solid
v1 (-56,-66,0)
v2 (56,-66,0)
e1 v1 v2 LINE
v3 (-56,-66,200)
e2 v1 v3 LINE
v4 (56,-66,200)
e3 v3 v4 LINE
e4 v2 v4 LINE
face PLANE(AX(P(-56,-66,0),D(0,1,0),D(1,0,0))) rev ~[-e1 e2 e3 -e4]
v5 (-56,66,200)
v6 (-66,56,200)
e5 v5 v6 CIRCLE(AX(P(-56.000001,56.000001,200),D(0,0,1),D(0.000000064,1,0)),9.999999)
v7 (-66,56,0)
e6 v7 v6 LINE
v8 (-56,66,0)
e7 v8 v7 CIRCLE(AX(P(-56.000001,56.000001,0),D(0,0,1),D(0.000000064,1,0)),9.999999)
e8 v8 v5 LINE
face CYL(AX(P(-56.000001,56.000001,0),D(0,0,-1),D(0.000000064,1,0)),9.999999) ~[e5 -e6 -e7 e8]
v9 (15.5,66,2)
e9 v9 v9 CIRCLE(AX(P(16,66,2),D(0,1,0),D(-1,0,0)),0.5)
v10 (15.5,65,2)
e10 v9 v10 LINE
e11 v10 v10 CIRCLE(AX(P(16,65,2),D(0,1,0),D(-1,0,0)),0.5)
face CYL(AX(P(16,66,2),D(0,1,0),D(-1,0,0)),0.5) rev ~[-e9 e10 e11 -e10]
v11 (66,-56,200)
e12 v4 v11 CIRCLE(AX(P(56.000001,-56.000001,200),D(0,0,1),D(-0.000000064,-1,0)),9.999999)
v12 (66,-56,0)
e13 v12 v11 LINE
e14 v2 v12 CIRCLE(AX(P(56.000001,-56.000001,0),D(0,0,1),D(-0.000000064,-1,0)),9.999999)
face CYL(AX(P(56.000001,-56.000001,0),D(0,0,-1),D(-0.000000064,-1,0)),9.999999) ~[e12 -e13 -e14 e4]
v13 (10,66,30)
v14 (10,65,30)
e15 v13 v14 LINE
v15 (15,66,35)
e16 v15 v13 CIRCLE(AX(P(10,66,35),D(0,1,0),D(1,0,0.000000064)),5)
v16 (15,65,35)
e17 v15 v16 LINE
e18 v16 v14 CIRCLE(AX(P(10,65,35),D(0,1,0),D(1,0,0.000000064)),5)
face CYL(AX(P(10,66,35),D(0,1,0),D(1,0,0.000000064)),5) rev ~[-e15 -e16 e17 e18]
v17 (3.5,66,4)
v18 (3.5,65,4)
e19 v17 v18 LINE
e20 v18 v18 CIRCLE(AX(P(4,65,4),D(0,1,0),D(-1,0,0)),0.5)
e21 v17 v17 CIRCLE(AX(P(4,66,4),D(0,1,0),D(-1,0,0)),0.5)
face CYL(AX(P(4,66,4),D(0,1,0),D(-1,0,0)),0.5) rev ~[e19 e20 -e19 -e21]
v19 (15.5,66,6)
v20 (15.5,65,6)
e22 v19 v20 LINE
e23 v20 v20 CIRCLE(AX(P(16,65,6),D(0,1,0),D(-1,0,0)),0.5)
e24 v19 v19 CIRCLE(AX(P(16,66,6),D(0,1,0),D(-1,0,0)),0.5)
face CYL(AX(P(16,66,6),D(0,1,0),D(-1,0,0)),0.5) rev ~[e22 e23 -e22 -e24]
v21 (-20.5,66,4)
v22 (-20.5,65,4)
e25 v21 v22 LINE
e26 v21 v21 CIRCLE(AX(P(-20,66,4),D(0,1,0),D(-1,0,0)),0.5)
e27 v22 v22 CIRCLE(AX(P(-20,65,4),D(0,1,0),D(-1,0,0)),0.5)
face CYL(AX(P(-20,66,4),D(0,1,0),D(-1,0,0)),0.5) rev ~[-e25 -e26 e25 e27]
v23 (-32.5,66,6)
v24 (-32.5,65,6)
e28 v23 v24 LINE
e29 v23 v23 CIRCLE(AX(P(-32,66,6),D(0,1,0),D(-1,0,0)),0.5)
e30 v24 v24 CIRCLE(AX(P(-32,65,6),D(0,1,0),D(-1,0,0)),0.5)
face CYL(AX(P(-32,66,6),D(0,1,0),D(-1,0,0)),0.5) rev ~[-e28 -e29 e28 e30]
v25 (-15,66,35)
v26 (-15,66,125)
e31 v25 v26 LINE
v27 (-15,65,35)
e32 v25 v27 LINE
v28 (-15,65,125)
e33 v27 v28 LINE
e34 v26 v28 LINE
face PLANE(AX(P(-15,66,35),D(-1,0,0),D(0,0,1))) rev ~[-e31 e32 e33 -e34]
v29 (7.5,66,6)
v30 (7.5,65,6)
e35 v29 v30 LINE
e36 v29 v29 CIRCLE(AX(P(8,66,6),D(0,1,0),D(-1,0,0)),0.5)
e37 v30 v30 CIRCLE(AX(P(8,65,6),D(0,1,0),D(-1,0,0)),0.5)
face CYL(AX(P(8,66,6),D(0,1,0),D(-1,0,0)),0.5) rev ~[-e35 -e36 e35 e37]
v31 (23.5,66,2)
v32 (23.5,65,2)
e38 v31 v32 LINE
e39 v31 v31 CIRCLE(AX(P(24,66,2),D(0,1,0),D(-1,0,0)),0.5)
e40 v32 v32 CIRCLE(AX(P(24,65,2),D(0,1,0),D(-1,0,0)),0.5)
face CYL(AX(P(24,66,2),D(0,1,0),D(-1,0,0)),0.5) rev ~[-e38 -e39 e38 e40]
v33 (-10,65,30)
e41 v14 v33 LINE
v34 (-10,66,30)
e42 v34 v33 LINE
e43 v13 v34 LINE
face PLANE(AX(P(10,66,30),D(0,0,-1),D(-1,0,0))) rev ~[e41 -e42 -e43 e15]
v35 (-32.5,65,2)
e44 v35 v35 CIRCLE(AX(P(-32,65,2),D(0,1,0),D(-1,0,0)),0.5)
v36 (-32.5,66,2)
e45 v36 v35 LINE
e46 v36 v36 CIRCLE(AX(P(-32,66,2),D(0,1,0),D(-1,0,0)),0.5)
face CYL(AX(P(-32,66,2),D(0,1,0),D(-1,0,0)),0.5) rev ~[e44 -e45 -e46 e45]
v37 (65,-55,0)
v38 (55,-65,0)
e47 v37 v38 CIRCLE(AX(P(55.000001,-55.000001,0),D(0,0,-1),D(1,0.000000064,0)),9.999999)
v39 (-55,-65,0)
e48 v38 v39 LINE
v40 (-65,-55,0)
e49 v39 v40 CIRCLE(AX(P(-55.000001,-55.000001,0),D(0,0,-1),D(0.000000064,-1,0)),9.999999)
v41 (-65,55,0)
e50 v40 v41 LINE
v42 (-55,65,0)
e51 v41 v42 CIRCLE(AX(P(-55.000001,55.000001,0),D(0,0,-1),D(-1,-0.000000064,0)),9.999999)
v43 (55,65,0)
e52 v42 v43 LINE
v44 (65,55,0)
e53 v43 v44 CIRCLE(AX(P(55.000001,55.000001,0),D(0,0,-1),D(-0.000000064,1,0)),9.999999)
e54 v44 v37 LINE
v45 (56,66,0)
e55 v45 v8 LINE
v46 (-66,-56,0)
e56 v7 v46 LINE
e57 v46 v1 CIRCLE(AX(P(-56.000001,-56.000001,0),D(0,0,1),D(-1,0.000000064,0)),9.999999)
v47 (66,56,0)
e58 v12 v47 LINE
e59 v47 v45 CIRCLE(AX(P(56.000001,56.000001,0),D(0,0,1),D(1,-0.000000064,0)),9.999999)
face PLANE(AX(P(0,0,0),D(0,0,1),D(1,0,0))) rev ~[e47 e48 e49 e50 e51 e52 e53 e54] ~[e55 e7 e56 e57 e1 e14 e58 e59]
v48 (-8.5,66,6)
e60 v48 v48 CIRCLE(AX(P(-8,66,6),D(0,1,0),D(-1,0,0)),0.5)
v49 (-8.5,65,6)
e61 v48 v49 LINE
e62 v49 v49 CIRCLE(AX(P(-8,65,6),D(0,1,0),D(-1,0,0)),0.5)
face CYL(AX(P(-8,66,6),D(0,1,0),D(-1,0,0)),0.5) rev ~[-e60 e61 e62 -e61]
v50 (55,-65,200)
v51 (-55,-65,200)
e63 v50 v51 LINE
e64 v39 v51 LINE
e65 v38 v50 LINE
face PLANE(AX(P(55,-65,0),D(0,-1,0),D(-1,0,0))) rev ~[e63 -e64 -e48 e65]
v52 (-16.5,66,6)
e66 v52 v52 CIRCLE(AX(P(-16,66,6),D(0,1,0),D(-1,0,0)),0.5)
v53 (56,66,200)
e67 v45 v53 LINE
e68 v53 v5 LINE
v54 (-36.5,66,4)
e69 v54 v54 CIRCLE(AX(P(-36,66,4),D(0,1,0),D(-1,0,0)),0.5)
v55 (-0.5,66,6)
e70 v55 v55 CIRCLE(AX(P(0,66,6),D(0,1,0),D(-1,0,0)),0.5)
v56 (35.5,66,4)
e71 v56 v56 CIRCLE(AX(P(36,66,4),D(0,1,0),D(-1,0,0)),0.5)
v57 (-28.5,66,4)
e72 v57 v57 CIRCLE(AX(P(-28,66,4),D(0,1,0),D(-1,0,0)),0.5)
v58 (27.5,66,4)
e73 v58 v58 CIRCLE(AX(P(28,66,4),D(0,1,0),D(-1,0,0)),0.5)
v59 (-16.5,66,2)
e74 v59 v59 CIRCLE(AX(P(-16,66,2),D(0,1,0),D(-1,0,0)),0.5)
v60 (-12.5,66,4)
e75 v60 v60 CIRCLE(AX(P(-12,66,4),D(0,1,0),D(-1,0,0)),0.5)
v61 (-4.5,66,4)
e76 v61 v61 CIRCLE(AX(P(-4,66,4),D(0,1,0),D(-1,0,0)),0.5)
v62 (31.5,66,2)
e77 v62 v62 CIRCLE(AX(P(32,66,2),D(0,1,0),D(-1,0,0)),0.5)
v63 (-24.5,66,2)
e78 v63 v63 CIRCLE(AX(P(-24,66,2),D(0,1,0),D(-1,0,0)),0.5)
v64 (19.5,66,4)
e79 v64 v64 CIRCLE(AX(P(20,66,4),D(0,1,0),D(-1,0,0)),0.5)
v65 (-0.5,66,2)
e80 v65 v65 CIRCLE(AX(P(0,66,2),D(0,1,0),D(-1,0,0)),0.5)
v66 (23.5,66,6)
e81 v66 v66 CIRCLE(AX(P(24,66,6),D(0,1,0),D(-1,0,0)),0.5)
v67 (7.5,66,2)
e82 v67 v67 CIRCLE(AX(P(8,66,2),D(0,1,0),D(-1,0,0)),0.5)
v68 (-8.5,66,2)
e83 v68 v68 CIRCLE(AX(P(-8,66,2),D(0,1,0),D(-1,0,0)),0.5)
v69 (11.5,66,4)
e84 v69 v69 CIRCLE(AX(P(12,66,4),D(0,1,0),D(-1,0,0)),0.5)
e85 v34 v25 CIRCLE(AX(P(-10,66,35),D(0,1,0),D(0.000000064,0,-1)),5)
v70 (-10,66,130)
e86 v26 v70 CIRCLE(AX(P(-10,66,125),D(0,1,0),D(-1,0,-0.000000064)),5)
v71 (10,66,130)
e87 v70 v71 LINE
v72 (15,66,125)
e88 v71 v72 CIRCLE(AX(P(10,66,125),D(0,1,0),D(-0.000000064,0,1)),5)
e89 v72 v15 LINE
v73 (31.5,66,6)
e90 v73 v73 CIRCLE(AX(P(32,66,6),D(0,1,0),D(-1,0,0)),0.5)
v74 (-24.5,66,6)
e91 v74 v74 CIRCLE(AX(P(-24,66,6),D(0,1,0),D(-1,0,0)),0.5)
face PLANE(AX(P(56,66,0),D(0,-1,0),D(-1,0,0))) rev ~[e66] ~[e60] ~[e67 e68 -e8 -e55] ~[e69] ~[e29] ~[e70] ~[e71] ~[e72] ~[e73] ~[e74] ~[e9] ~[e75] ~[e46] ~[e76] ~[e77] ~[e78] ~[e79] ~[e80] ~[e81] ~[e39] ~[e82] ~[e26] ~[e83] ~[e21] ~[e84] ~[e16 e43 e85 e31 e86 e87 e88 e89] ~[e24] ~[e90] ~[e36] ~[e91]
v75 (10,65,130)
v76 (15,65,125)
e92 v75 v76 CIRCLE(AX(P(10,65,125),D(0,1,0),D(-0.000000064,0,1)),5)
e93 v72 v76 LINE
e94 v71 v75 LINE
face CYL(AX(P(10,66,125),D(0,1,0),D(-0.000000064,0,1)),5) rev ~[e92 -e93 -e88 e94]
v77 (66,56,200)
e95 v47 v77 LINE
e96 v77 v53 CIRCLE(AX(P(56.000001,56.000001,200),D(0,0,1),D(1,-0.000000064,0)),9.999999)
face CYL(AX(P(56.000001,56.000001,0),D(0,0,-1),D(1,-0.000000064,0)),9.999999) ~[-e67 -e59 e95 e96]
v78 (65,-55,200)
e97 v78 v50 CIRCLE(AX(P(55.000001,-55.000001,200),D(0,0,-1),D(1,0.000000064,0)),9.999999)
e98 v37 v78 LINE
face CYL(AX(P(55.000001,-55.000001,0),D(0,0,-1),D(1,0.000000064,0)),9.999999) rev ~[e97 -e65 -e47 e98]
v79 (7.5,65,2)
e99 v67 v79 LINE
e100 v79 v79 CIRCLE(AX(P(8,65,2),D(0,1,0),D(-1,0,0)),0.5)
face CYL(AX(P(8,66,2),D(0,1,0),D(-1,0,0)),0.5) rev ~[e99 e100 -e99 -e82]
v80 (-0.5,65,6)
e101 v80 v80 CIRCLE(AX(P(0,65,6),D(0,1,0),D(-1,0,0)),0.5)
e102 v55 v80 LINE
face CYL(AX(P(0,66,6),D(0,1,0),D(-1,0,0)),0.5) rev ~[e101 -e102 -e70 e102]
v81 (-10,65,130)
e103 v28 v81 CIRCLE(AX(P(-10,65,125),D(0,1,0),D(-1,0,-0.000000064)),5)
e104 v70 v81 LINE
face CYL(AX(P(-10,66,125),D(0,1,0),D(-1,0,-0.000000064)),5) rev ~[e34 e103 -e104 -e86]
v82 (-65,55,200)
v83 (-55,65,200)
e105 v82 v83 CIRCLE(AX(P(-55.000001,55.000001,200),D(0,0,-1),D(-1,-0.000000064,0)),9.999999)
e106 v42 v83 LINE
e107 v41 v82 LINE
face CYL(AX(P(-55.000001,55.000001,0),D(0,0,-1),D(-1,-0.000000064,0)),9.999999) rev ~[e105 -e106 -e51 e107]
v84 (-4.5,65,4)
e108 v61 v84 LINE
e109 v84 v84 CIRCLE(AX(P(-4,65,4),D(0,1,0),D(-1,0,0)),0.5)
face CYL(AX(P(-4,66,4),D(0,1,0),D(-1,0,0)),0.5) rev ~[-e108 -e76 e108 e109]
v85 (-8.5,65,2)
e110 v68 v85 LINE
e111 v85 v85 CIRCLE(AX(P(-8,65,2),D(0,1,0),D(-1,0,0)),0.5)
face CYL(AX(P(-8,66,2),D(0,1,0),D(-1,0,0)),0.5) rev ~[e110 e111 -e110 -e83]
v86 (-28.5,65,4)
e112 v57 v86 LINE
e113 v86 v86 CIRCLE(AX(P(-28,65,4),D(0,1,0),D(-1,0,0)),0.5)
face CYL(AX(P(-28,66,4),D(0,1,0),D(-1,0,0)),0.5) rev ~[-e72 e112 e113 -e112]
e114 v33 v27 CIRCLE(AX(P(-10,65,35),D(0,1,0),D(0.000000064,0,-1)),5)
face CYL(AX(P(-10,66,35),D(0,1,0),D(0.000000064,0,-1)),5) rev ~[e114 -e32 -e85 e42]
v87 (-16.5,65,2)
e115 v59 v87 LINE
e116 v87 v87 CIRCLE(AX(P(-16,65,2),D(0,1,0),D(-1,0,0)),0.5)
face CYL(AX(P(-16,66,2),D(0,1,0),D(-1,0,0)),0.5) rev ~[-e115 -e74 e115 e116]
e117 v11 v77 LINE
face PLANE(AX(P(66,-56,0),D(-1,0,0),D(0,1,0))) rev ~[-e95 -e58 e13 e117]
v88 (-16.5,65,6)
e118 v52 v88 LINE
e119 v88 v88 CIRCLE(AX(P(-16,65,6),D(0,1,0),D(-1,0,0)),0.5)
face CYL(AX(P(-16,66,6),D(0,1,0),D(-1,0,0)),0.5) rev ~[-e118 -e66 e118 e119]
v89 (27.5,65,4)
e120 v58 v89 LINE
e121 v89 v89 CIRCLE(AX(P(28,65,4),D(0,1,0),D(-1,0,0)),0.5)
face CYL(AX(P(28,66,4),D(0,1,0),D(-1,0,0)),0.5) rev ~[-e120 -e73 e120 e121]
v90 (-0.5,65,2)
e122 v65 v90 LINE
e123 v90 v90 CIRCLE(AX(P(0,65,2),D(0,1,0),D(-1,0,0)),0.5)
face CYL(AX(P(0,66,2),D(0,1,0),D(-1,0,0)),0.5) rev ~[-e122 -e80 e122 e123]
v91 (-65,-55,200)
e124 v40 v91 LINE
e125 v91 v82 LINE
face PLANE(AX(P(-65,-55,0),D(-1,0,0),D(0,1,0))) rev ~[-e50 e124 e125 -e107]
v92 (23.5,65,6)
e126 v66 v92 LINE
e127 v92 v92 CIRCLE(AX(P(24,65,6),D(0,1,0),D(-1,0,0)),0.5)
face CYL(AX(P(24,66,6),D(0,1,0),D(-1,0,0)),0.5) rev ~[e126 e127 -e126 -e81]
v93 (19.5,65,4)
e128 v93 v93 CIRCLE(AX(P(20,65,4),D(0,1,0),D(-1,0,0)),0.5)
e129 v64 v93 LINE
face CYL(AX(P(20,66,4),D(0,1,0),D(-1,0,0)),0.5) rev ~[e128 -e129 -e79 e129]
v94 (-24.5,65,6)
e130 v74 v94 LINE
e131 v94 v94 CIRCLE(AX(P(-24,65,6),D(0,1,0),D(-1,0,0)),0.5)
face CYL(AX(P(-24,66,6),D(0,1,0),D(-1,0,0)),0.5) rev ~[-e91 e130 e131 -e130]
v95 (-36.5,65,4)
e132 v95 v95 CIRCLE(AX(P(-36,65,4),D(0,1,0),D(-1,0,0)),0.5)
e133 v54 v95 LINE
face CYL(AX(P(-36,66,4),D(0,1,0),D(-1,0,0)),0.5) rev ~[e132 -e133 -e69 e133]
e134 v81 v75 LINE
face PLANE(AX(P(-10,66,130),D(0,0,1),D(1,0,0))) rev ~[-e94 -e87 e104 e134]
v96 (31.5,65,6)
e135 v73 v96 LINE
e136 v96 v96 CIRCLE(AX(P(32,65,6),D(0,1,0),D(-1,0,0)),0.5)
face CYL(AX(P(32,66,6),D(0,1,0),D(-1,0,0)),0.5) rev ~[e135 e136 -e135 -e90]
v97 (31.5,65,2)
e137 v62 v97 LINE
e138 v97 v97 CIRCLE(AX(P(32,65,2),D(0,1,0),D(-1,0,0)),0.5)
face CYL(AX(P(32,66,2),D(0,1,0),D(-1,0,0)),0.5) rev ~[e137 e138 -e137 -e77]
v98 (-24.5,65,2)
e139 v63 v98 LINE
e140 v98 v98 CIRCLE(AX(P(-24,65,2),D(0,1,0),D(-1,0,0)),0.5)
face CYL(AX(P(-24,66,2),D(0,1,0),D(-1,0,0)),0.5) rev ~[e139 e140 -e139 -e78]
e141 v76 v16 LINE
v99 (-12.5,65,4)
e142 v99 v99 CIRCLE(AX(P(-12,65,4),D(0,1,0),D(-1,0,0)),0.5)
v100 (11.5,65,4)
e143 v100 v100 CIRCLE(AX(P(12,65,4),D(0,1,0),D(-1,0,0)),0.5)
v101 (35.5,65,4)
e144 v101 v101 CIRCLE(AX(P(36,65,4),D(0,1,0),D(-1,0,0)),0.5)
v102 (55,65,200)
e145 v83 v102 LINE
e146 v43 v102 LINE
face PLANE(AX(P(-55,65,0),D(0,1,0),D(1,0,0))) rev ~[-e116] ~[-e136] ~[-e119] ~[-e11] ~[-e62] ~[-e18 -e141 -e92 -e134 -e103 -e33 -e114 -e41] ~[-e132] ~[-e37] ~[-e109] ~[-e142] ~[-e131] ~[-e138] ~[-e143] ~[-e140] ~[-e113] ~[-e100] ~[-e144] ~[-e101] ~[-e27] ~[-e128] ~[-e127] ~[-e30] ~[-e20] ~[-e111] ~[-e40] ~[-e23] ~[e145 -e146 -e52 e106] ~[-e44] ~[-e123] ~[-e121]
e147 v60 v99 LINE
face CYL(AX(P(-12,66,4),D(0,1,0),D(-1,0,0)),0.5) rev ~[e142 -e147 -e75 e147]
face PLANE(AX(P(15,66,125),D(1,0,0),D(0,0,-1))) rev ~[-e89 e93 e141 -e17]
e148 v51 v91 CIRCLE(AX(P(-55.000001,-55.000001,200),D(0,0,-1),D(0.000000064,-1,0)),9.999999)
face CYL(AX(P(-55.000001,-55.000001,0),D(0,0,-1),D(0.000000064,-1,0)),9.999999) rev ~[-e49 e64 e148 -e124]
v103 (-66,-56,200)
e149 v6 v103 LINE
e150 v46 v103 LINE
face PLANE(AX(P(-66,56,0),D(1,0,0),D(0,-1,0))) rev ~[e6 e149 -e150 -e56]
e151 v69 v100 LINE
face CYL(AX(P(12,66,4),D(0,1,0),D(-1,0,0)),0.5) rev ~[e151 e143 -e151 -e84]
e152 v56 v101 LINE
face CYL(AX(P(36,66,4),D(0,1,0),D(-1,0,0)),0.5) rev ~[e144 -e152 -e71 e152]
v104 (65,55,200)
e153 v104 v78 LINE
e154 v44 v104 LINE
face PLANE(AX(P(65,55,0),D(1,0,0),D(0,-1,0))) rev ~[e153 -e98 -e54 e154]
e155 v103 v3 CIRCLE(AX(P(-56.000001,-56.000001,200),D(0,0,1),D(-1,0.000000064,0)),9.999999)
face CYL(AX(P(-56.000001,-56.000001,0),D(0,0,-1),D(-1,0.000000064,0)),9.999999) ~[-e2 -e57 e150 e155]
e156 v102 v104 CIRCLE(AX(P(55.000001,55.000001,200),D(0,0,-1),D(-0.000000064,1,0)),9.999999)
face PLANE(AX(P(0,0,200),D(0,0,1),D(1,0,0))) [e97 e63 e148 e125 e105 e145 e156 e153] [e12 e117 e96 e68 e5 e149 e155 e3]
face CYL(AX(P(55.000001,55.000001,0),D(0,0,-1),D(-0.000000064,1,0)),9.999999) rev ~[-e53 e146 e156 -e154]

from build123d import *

# Parameters (mm, degrees)
F1_DEPTH = 200
F3_DEPTH = 25
F4_R     = 0.5
F5_DEPTH = 2


with BuildPart() as f1:
    # F0 (on Top) → F1 (new body)
    with BuildSketch(Plane.XY):
        with BuildLine():
            Line((-56, -66), (56, -66))
            ThreePointArc((56, -66), (63.071068, -63.071068), (66, -56))
            Line((66, -56), (66, 56))
            ThreePointArc((66, 56), (63.071068, 63.071068), (56, 66))
            Line((56, 66), (-56, 66))
            ThreePointArc((-56, 66), (-63.071068, 63.071068), (-66, 56))
            Line((-66, 56), (-66, -56))
            ThreePointArc((-66, -56), (-63.071068, -63.071068), (-56, -66))
        make_face()
        with BuildLine():
            Line((-55, 65), (55, 65))
            ThreePointArc((55, 65), (62.071068, 62.071068), (65, 55))
            Line((65, 55), (65, -55))
            ThreePointArc((65, -55), (62.071068, -62.071068), (55, -65))
            Line((55, -65), (-55, -65))
            ThreePointArc((-55, -65), (-62.071068, -62.071068), (-65, -55))
            Line((-65, -55), (-65, 55))
            ThreePointArc((-65, 55), (-62.071068, 62.071068), (-55, 65))
        make_face(mode=Mode.SUBTRACT)
    extrude(amount=F1_DEPTH)

    # F2 (on face) → F3 (cut)
    with BuildSketch(Plane(origin=(0, 66, 0), x_dir=(-1, 0, 0), z_dir=(0, 1, 0))):
        with BuildLine():
            Line((-10, 30), (10, 30))
            ThreePointArc((10, 30), (13.535534, 31.464466), (15, 35))
            Line((15, 35), (15, 125))
            ThreePointArc((15, 125), (13.535534, 128.535534), (10, 130))
            Line((10, 130), (-10, 130))
            ThreePointArc((-10, 130), (-13.535534, 128.535534), (-15, 125))
            Line((-15, 125), (-15, 35))
            ThreePointArc((-15, 35), (-13.535534, 31.464466), (-10, 30))
        make_face()
    extrude(amount=-F3_DEPTH, mode=Mode.SUBTRACT)

    # F4 (on face) → F5 (cut)
    with BuildSketch(Plane(origin=(0, 66, 0), x_dir=(-1, 0, 0), z_dir=(0, 1, 0))):
        with Locations((0, 2)):
            Circle(F4_R)
        with Locations((-4, 4)):
            Circle(F4_R)
        with Locations((-16, 6)):
            Circle(F4_R)
        with Locations((-8, 2)):
            Circle(F4_R)
        with Locations((-32, 6)):
            Circle(F4_R)
        with Locations((-12, 4)):
            Circle(F4_R)
        with Locations((-24, 2)):
            Circle(F4_R)
        with Locations((4, 4)):
            Circle(F4_R)
        with Locations((12, 4)):
            Circle(F4_R)
        with Locations((24, 2)):
            Circle(F4_R)
        with Locations((20, 4)):
            Circle(F4_R)
        with Locations((16, 6)):
            Circle(F4_R)
        with Locations((32, 2)):
            Circle(F4_R)
        with Locations((24, 6)):
            Circle(F4_R)
        with Locations((-16, 2)):
            Circle(F4_R)
        with Locations((-24, 6)):
            Circle(F4_R)
        with Locations((-20, 4)):
            Circle(F4_R)
        with Locations((8, 2)):
            Circle(F4_R)
        with Locations((-28, 4)):
            Circle(F4_R)
        with Locations((16, 2)):
            Circle(F4_R)
        with Locations((8, 6)):
            Circle(F4_R)
        with Locations((28, 4)):
            Circle(F4_R)
        with Locations((-8, 6)):
            Circle(F4_R)
        with Locations((0, 6)):
            Circle(F4_R)
        with Locations((32, 6)):
            Circle(F4_R)
        with Locations((-32, 2)):
            Circle(F4_R)
        with Locations((36, 4)):
            Circle(F4_R)
        with Locations((-36, 4)):
            Circle(F4_R)
    extrude(amount=-F5_DEPTH, mode=Mode.SUBTRACT)


solid = f1.part
